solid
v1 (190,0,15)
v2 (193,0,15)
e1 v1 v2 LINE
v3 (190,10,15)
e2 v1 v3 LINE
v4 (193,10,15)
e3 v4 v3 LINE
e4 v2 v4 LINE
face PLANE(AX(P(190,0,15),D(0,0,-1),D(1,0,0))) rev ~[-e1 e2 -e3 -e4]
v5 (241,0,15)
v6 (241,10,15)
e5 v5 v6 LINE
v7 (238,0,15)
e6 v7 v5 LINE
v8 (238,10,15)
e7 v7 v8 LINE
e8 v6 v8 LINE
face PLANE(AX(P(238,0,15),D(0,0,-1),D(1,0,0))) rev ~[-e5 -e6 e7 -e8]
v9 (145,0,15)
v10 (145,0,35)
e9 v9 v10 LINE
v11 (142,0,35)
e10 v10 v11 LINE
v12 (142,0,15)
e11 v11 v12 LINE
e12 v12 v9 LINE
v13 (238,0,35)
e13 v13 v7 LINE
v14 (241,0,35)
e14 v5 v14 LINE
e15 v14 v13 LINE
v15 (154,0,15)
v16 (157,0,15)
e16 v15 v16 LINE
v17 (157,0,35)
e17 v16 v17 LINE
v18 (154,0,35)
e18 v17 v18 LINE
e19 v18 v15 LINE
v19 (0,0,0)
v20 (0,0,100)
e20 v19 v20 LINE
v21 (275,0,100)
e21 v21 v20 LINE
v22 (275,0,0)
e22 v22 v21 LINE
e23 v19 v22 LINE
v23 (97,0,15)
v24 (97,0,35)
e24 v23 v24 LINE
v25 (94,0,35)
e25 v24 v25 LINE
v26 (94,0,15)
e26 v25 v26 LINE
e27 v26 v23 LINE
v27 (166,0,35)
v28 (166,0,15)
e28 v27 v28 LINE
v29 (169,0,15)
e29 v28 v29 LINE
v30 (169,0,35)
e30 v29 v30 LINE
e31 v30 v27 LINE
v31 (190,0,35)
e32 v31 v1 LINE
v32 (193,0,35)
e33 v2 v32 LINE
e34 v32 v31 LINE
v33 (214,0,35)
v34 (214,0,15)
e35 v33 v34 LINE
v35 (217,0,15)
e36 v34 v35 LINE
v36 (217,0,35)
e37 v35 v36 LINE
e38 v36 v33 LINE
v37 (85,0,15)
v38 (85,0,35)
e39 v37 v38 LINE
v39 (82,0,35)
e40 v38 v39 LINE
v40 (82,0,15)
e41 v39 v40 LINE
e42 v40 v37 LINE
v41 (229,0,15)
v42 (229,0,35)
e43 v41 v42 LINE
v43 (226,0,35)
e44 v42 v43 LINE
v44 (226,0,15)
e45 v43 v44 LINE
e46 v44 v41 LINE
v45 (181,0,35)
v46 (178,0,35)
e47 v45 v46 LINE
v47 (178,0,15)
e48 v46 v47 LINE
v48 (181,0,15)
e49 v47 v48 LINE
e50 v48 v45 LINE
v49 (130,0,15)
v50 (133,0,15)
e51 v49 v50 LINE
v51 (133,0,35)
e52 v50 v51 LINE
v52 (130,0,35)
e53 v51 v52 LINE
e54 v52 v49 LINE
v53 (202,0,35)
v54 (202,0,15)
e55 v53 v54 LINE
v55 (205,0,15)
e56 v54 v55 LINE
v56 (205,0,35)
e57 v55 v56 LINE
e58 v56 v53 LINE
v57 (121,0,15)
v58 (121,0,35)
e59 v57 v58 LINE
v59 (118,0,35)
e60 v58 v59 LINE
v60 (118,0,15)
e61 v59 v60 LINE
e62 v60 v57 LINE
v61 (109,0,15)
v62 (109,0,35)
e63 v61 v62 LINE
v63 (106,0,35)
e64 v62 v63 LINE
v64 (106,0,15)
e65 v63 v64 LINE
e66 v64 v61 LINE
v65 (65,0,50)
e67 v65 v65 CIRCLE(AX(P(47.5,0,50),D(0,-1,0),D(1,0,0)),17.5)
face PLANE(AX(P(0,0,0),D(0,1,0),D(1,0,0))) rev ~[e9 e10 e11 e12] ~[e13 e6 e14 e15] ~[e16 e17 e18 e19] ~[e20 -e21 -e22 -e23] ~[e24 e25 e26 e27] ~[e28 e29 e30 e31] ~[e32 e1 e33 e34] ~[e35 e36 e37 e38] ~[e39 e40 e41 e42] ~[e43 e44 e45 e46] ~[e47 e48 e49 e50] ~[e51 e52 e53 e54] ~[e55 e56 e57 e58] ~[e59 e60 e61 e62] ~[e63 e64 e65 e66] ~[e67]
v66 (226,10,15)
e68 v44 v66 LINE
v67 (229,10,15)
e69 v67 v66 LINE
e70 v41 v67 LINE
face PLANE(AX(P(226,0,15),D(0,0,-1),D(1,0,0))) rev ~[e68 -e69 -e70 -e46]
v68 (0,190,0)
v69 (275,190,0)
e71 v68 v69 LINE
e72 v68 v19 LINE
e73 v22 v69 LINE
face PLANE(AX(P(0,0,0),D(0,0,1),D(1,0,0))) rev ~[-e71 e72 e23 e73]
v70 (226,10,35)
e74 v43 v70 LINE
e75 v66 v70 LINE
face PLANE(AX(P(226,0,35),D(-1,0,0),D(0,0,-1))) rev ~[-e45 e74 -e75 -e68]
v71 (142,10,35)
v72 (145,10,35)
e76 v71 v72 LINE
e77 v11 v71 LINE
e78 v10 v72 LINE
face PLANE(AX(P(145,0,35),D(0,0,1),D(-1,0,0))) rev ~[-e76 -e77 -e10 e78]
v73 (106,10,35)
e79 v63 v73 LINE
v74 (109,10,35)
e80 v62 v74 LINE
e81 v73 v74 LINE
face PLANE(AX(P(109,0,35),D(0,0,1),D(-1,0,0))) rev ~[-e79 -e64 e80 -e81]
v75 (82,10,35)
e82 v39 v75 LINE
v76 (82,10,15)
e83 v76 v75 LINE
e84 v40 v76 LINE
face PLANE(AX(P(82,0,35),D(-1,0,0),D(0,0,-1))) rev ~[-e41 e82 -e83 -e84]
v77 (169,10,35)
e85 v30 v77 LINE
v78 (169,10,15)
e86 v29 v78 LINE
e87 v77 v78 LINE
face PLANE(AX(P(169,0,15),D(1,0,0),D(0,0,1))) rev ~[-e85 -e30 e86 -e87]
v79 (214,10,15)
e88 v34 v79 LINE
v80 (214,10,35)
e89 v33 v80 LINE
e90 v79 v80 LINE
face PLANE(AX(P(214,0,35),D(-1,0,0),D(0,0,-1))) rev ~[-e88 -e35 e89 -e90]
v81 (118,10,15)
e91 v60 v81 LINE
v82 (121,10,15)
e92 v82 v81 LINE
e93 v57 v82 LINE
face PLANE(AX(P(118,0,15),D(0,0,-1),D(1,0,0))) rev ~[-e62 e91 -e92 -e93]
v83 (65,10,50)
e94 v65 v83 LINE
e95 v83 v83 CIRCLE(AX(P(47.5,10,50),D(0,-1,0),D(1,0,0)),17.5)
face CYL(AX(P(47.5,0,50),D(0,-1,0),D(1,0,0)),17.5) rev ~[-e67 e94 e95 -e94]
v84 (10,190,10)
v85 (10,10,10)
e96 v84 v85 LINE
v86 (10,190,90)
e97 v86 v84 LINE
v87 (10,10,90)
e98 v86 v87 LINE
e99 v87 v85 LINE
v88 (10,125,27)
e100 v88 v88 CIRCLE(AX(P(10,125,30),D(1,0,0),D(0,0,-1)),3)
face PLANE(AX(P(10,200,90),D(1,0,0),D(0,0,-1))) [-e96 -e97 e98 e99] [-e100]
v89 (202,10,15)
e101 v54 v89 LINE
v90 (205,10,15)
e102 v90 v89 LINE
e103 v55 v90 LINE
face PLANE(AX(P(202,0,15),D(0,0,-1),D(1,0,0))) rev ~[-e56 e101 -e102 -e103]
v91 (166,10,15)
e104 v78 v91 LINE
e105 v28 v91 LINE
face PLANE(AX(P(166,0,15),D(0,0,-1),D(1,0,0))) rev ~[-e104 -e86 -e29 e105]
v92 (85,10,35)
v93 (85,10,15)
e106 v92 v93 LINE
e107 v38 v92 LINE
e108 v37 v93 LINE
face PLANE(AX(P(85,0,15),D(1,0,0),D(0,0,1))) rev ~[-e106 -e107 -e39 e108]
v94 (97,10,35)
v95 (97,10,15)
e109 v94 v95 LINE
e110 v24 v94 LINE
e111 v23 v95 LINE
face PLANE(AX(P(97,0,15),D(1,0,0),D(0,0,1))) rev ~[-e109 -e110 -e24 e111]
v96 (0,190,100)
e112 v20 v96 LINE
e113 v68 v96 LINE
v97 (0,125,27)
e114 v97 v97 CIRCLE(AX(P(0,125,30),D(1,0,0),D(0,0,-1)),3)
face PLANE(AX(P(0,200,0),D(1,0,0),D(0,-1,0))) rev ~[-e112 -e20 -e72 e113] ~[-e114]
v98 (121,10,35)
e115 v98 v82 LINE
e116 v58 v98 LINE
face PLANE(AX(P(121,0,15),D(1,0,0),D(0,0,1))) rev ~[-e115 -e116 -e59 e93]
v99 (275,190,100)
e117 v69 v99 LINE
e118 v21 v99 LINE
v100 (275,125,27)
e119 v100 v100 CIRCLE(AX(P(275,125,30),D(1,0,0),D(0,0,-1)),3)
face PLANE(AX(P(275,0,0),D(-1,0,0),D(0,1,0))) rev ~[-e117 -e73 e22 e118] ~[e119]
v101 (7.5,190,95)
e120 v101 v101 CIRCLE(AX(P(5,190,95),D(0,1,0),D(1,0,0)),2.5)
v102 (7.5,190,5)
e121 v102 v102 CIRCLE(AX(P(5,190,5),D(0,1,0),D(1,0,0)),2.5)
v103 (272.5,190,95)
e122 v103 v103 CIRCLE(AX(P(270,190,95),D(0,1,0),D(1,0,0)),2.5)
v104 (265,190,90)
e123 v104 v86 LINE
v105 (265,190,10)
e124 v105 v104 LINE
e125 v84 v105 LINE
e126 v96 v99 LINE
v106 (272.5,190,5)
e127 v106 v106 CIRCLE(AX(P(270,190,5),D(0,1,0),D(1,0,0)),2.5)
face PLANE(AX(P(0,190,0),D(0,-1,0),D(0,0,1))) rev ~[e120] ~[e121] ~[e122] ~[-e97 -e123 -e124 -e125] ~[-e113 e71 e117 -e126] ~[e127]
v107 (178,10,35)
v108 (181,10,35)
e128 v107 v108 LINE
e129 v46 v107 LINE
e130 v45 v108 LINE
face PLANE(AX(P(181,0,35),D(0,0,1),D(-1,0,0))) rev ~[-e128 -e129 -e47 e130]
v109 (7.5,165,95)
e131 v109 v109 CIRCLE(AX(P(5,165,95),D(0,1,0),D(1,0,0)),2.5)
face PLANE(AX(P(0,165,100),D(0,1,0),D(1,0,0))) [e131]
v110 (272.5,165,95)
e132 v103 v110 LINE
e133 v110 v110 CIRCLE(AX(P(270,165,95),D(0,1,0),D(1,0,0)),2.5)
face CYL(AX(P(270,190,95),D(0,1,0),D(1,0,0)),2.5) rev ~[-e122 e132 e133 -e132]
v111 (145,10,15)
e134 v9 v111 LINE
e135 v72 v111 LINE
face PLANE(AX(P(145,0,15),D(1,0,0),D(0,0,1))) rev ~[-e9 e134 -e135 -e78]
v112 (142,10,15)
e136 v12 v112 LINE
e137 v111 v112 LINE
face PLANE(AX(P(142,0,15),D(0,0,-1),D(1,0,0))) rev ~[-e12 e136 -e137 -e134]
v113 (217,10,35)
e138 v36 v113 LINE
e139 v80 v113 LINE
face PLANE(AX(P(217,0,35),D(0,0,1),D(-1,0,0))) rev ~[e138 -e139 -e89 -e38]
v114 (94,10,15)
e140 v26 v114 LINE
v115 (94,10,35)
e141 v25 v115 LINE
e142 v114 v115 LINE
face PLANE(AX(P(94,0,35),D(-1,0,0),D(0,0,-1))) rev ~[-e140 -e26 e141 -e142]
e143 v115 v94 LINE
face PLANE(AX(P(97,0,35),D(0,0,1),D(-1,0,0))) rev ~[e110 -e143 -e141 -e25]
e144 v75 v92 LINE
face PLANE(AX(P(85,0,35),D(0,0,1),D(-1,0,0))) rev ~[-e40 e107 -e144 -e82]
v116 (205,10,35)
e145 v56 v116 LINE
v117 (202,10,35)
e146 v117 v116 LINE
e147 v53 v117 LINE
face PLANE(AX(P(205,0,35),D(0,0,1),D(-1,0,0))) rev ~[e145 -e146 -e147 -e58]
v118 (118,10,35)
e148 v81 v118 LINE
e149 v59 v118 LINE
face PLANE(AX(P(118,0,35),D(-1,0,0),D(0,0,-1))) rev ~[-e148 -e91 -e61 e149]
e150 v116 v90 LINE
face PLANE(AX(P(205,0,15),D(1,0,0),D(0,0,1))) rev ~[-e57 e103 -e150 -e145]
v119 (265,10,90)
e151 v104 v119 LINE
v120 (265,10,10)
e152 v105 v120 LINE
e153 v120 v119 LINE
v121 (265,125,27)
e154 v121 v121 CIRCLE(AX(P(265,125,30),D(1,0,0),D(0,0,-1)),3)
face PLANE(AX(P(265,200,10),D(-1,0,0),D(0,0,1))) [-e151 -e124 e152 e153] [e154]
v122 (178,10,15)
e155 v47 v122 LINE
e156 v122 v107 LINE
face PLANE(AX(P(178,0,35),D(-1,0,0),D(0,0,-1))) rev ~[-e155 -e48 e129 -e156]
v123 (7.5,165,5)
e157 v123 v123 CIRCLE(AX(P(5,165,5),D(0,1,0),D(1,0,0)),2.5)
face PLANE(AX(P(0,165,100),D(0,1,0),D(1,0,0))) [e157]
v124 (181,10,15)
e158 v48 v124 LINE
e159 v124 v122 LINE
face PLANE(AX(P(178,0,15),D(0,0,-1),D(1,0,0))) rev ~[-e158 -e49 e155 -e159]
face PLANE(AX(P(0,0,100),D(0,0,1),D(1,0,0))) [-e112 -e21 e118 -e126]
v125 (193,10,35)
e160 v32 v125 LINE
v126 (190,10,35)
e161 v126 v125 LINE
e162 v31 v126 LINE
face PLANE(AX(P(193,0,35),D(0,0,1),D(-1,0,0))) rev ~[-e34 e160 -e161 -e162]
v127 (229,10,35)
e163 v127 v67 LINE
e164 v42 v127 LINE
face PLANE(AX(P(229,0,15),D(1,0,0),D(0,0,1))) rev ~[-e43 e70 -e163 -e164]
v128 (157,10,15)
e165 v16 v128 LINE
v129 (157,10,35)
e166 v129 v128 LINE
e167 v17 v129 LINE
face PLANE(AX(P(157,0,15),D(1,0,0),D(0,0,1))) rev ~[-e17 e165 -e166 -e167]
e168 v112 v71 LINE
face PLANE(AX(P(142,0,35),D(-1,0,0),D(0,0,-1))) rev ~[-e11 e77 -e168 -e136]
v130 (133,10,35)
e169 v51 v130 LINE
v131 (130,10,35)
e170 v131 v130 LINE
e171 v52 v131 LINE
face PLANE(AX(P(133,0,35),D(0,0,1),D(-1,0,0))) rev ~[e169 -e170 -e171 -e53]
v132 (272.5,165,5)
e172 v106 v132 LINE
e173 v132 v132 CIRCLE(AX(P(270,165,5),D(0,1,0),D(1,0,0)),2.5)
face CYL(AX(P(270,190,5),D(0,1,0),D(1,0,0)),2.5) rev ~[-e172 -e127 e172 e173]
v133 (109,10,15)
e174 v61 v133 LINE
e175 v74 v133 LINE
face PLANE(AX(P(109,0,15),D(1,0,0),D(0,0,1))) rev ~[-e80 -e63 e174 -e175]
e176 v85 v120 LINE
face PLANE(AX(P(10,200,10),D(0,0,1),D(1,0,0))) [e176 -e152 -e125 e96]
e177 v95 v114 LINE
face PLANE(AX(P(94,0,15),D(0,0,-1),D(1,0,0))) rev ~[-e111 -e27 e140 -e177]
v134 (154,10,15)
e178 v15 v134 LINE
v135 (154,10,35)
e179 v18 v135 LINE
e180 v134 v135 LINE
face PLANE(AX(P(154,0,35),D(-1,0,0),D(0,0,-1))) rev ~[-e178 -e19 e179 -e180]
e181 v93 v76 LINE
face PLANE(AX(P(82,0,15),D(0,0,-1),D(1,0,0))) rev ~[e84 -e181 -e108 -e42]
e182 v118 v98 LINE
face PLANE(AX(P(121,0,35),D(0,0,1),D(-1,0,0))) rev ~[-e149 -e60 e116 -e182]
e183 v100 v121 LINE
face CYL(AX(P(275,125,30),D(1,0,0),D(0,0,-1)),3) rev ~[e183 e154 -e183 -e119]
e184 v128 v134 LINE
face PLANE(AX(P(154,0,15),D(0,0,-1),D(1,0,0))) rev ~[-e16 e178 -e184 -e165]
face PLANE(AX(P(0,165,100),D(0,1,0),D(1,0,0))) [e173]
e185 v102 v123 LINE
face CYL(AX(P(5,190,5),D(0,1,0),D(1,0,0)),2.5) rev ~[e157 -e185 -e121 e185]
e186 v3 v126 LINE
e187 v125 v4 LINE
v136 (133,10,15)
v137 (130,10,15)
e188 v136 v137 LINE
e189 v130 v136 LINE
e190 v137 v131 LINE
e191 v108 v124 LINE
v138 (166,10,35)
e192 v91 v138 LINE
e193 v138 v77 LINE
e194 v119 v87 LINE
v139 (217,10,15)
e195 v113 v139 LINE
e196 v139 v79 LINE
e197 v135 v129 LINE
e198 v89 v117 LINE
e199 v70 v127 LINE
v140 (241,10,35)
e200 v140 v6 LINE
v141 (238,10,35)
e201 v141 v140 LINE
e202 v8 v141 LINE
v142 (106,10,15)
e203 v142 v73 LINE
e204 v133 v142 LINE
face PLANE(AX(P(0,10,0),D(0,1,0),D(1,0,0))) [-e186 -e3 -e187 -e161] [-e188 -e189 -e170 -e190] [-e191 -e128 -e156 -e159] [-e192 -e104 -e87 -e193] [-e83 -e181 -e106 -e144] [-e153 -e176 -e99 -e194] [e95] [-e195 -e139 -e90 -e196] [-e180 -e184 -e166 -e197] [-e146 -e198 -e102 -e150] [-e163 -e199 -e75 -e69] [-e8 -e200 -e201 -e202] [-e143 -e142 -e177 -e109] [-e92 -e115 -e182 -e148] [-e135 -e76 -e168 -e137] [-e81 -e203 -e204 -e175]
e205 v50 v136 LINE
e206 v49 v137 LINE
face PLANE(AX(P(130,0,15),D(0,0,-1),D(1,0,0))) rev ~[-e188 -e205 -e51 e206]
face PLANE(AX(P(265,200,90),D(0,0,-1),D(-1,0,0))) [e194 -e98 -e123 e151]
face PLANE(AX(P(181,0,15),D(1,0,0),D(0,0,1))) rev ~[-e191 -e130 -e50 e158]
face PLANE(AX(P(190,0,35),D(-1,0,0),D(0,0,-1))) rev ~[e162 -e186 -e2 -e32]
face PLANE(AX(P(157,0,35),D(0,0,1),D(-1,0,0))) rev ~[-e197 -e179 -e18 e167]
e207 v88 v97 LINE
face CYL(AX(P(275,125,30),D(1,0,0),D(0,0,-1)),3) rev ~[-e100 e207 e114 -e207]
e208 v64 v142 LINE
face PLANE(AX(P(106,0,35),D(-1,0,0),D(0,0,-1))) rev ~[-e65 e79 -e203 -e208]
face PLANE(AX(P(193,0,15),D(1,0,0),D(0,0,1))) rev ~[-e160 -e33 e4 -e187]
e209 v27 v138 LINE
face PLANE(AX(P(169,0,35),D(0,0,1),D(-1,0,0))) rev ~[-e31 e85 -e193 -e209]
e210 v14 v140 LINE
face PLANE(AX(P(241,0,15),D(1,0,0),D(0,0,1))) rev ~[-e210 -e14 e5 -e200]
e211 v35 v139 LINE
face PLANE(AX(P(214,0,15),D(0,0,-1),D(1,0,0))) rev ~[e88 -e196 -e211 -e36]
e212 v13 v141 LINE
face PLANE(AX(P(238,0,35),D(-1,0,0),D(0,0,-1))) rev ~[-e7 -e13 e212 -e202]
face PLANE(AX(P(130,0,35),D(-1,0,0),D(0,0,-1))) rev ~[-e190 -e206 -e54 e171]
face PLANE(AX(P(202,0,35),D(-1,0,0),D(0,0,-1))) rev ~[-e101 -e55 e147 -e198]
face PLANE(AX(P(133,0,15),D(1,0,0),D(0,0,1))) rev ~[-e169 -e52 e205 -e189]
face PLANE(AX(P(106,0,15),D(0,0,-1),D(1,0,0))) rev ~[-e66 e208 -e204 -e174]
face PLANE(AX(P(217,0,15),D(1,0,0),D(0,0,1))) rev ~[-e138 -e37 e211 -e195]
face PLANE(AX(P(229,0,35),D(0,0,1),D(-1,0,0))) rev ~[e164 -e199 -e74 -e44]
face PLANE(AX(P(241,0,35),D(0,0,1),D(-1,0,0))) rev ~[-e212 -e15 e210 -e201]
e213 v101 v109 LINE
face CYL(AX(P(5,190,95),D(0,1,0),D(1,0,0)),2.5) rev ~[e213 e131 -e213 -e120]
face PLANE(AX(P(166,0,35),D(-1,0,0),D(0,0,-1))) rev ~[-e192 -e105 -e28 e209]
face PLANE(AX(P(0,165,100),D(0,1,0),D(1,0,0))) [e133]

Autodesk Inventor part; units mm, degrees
ref_plane "YZ Plane" through (0, 0, 0) normal (1, 0, 0) x (0, 1, 0)
ref_plane "XZ Plane" through (0, 0, 0) normal (0, 1, 0) x (-1, 0, 0)
ref_plane "XY Plane" through (0, 0, 0) normal (0, 0, 1) x (1, 0, 0)
sketch "Sketch1" plane through (0, 0, 0) normal (0, 0, 1) x (1, 0, 0)
  line L0 (0, 0) -> (275, 0)
  line L1 (275, 0) -> (275, 200)
  line L2 (275, 200) -> (0, 200)
  line L3 (0, 200) -> (0, 0)
  dimension "d0" = 275
  dimension "d1" = 200
extrude "Extrusion1" add sketch "Sketch1" along normal blind 20
sketch "Sketch3" plane through (0, 0, 20) normal (0, 0, 1) x (1, 0, 0)
  line L0 (275, 0) -> (275, 200) projected
  line L1 (0, 200) -> (275, 200)
  line L2 (275, 200) -> (275, 0)
  line L3 (275, 0) -> (0, 0)
  line L4 (0, 0) -> (0, 200)
  point P0 (0, 0)
extrude "Extrusion3" add sketch "Sketch3" along normal blind 80
sketch "Sketch4" plane through (0, 0, 0) normal (0, -1, 0) x (1, 0, 0)
  circle A0 centre (47.5, 50) radius 17.5
  circle A1 centre (227.5, 50) radius 17.5
  line L0 (47.5, 50) -> (227.5, 50) construction
  line L1 (0, 0) -> (0, 100) projected
  line L2 (0, 100) -> (275, 100) projected
  point P0 (0, 50)
  point P1 (137.5, 50)
  point P2 (137.5, 100)
  dimension "d10" = 35
  dimension "d11" = 35
  dimension "d12" = 180
extrude "Extrusion4" cut sketch "Sketch4" against normal blind 100 contours A0
sketch "Sketch5" plane through (0, 200, 0) normal (0, 1, 0) x (1, 0, 0)
  line L0 (275, 0) -> (0, 0) projected
  line L1 (0, 0) -> (0, -100) projected
  line L2 (275, -100) -> (0, -100) projected
  line L3 (275, 0) -> (275, -100) projected
  line L4 (265, -90) -> (10, -90)
  line L5 (10, -90) -> (10, -10)
  line L6 (10, -10) -> (265, -10)
  line L7 (265, -10) -> (265, -90)
  point P0 (0, 0)
  dimension "d15" = 10
extrude "Extrusion5" cut sketch "Sketch5" against normal blind 190 contours L4 L5 L6 L7
sketch "Sketch6" plane through (0, 0, 0) normal (-1, 0, 0) x (0, 0, 1)
  line L0 (0, 200) -> (100, 200) projected
  line L1 (0, 200) -> (0, 0) projected
  line L2 (100, 200) -> (0, 200)
  line L3 (0, 200) -> (0, 190)
  line L4 (0, 190) -> (100, 190)
  line L5 (100, 190) -> (100, 200)
  dimension "d18" = 10
extrude "Extrusion6" cut sketch "Sketch6" against normal through all
sketch "Sketch7" plane through (0, 190, 100) normal (0, 1, 0) x (1, 0, 0)
  line L0 (275, 100) -> (275, 0) construction
  line L1 (0, 100) -> (275, 100) construction
  line L2 (0, 0) -> (0, 100) construction
  line L3 (275, 0) -> (0, 0) construction
  line L4 (265, 10) -> (265, 90) construction
  line L5 (10, 10) -> (265, 10) construction
  line L6 (10, 90) -> (10, 10) construction
  line L7 (265, 90) -> (10, 90) construction
  line L8 (270, 5) -> (270, 95) construction
  line L9 (270, 95) -> (5, 95) construction
  line L10 (5, 95) -> (5, 5) construction
  line L11 (5, 5) -> (270, 5) construction
  circle A0 centre (270, 5) radius 2.5
  circle A1 centre (270, 95) radius 2.5
  circle A2 centre (5, 95) radius 2.5
  circle A3 centre (5, 5) radius 2.5
  point P0 (0, 100)
  dimension "d21" = 5
  dimension "d22" = 5
  dimension "d23" = 5
  dimension "d24" = 5
  dimension "d25" = 5
extrude "Extrusion7" cut sketch "Sketch7" against normal blind 25
sketch "Sketch8" plane through (0, 0, 0) normal (0, -1, 0) x (1, 0, 0)
  line L0 (82, 15) -> (85, 15)
  line L1 (85, 15) -> (85, 35)
  line L2 (85, 35) -> (82, 35)
  line L3 (82, 35) -> (82, 15)
  line L4 (0, 0) -> (0, 100) projected
  line L5 (0, 0) -> (275, 0) projected
  line L6 (97, 15) -> (97, 35)
  line L7 (97, 35) -> (94, 35)
  line L8 (94, 35) -> (94, 15)
  line L9 (94, 15) -> (97, 15)
  line L10 (109, 15) -> (109, 35)
  line L11 (109, 35) -> (106, 35)
  line L12 (106, 35) -> (106, 15)
  line L13 (106, 15) -> (109, 15)
  line L14 (121, 15) -> (121, 35)
  line L15 (121, 35) -> (118, 35)
  line L16 (118, 35) -> (118, 15)
  line L17 (118, 15) -> (121, 15)
  line L18 (133, 15) -> (133, 35)
  line L19 (133, 35) -> (130, 35)
  line L20 (130, 35) -> (130, 15)
  line L21 (130, 15) -> (133, 15)
  line L22 (145, 15) -> (145, 35)
  line L23 (145, 35) -> (142, 35)
  line L24 (142, 35) -> (142, 15)
  line L25 (142, 15) -> (145, 15)
  line L26 (157, 15) -> (157, 35)
  line L27 (157, 35) -> (154, 35)
  line L28 (154, 35) -> (154, 15)
  line L29 (154, 15) -> (157, 15)
  line L30 (169, 15) -> (169, 35)
  line L31 (169, 35) -> (166, 35)
  line L32 (166, 35) -> (166, 15)
  line L33 (166, 15) -> (169, 15)
  line L34 (181, 15) -> (181, 35)
  line L35 (181, 35) -> (178, 35)
  line L36 (178, 35) -> (178, 15)
  line L37 (178, 15) -> (181, 15)
  line L38 (193, 15) -> (193, 35)
  line L39 (193, 35) -> (190, 35)
  line L40 (190, 35) -> (190, 15)
  line L41 (190, 15) -> (193, 15)
  line L42 (205, 15) -> (205, 35)
  line L43 (205, 35) -> (202, 35)
  line L44 (202, 35) -> (202, 15)
  line L45 (202, 15) -> (205, 15)
  line L46 (217, 15) -> (217, 35)
  line L47 (217, 35) -> (214, 35)
  line L48 (214, 35) -> (214, 15)
  line L49 (214, 15) -> (217, 15)
  line L50 (229, 15) -> (229, 35)
  line L51 (229, 35) -> (226, 35)
  line L52 (226, 35) -> (226, 15)
  line L53 (226, 15) -> (229, 15)
  line L54 (241, 15) -> (241, 35)
  line L55 (241, 35) -> (238, 35)
  line L56 (238, 35) -> (238, 15)
  line L57 (238, 15) -> (241, 15)
  dimension "d28" = 3
  dimension "d29" = 20
  dimension "d30" = 82
  dimension "d31" = 15
  dimension "d34" = 12
extrude "Extrusion8" cut sketch "Sketch8" against normal through all
sketch "Sketch2" plane through (275, 0, 100) normal (1, 0, 0) x (0, 0, -1)
  circle A0 centre (70, 125) radius 3
  line L0 (100, 0) -> (0, 0) projected
  line L1 (100, 0) -> (100, 190) projected
  dimension "d4" = 6
  dimension "d45" = 125
  dimension "d46" = 30
extrude "Extrusion2" cut sketch "Sketch2" against normal through all
properties part number "HA005" material "ABS Plastic"
